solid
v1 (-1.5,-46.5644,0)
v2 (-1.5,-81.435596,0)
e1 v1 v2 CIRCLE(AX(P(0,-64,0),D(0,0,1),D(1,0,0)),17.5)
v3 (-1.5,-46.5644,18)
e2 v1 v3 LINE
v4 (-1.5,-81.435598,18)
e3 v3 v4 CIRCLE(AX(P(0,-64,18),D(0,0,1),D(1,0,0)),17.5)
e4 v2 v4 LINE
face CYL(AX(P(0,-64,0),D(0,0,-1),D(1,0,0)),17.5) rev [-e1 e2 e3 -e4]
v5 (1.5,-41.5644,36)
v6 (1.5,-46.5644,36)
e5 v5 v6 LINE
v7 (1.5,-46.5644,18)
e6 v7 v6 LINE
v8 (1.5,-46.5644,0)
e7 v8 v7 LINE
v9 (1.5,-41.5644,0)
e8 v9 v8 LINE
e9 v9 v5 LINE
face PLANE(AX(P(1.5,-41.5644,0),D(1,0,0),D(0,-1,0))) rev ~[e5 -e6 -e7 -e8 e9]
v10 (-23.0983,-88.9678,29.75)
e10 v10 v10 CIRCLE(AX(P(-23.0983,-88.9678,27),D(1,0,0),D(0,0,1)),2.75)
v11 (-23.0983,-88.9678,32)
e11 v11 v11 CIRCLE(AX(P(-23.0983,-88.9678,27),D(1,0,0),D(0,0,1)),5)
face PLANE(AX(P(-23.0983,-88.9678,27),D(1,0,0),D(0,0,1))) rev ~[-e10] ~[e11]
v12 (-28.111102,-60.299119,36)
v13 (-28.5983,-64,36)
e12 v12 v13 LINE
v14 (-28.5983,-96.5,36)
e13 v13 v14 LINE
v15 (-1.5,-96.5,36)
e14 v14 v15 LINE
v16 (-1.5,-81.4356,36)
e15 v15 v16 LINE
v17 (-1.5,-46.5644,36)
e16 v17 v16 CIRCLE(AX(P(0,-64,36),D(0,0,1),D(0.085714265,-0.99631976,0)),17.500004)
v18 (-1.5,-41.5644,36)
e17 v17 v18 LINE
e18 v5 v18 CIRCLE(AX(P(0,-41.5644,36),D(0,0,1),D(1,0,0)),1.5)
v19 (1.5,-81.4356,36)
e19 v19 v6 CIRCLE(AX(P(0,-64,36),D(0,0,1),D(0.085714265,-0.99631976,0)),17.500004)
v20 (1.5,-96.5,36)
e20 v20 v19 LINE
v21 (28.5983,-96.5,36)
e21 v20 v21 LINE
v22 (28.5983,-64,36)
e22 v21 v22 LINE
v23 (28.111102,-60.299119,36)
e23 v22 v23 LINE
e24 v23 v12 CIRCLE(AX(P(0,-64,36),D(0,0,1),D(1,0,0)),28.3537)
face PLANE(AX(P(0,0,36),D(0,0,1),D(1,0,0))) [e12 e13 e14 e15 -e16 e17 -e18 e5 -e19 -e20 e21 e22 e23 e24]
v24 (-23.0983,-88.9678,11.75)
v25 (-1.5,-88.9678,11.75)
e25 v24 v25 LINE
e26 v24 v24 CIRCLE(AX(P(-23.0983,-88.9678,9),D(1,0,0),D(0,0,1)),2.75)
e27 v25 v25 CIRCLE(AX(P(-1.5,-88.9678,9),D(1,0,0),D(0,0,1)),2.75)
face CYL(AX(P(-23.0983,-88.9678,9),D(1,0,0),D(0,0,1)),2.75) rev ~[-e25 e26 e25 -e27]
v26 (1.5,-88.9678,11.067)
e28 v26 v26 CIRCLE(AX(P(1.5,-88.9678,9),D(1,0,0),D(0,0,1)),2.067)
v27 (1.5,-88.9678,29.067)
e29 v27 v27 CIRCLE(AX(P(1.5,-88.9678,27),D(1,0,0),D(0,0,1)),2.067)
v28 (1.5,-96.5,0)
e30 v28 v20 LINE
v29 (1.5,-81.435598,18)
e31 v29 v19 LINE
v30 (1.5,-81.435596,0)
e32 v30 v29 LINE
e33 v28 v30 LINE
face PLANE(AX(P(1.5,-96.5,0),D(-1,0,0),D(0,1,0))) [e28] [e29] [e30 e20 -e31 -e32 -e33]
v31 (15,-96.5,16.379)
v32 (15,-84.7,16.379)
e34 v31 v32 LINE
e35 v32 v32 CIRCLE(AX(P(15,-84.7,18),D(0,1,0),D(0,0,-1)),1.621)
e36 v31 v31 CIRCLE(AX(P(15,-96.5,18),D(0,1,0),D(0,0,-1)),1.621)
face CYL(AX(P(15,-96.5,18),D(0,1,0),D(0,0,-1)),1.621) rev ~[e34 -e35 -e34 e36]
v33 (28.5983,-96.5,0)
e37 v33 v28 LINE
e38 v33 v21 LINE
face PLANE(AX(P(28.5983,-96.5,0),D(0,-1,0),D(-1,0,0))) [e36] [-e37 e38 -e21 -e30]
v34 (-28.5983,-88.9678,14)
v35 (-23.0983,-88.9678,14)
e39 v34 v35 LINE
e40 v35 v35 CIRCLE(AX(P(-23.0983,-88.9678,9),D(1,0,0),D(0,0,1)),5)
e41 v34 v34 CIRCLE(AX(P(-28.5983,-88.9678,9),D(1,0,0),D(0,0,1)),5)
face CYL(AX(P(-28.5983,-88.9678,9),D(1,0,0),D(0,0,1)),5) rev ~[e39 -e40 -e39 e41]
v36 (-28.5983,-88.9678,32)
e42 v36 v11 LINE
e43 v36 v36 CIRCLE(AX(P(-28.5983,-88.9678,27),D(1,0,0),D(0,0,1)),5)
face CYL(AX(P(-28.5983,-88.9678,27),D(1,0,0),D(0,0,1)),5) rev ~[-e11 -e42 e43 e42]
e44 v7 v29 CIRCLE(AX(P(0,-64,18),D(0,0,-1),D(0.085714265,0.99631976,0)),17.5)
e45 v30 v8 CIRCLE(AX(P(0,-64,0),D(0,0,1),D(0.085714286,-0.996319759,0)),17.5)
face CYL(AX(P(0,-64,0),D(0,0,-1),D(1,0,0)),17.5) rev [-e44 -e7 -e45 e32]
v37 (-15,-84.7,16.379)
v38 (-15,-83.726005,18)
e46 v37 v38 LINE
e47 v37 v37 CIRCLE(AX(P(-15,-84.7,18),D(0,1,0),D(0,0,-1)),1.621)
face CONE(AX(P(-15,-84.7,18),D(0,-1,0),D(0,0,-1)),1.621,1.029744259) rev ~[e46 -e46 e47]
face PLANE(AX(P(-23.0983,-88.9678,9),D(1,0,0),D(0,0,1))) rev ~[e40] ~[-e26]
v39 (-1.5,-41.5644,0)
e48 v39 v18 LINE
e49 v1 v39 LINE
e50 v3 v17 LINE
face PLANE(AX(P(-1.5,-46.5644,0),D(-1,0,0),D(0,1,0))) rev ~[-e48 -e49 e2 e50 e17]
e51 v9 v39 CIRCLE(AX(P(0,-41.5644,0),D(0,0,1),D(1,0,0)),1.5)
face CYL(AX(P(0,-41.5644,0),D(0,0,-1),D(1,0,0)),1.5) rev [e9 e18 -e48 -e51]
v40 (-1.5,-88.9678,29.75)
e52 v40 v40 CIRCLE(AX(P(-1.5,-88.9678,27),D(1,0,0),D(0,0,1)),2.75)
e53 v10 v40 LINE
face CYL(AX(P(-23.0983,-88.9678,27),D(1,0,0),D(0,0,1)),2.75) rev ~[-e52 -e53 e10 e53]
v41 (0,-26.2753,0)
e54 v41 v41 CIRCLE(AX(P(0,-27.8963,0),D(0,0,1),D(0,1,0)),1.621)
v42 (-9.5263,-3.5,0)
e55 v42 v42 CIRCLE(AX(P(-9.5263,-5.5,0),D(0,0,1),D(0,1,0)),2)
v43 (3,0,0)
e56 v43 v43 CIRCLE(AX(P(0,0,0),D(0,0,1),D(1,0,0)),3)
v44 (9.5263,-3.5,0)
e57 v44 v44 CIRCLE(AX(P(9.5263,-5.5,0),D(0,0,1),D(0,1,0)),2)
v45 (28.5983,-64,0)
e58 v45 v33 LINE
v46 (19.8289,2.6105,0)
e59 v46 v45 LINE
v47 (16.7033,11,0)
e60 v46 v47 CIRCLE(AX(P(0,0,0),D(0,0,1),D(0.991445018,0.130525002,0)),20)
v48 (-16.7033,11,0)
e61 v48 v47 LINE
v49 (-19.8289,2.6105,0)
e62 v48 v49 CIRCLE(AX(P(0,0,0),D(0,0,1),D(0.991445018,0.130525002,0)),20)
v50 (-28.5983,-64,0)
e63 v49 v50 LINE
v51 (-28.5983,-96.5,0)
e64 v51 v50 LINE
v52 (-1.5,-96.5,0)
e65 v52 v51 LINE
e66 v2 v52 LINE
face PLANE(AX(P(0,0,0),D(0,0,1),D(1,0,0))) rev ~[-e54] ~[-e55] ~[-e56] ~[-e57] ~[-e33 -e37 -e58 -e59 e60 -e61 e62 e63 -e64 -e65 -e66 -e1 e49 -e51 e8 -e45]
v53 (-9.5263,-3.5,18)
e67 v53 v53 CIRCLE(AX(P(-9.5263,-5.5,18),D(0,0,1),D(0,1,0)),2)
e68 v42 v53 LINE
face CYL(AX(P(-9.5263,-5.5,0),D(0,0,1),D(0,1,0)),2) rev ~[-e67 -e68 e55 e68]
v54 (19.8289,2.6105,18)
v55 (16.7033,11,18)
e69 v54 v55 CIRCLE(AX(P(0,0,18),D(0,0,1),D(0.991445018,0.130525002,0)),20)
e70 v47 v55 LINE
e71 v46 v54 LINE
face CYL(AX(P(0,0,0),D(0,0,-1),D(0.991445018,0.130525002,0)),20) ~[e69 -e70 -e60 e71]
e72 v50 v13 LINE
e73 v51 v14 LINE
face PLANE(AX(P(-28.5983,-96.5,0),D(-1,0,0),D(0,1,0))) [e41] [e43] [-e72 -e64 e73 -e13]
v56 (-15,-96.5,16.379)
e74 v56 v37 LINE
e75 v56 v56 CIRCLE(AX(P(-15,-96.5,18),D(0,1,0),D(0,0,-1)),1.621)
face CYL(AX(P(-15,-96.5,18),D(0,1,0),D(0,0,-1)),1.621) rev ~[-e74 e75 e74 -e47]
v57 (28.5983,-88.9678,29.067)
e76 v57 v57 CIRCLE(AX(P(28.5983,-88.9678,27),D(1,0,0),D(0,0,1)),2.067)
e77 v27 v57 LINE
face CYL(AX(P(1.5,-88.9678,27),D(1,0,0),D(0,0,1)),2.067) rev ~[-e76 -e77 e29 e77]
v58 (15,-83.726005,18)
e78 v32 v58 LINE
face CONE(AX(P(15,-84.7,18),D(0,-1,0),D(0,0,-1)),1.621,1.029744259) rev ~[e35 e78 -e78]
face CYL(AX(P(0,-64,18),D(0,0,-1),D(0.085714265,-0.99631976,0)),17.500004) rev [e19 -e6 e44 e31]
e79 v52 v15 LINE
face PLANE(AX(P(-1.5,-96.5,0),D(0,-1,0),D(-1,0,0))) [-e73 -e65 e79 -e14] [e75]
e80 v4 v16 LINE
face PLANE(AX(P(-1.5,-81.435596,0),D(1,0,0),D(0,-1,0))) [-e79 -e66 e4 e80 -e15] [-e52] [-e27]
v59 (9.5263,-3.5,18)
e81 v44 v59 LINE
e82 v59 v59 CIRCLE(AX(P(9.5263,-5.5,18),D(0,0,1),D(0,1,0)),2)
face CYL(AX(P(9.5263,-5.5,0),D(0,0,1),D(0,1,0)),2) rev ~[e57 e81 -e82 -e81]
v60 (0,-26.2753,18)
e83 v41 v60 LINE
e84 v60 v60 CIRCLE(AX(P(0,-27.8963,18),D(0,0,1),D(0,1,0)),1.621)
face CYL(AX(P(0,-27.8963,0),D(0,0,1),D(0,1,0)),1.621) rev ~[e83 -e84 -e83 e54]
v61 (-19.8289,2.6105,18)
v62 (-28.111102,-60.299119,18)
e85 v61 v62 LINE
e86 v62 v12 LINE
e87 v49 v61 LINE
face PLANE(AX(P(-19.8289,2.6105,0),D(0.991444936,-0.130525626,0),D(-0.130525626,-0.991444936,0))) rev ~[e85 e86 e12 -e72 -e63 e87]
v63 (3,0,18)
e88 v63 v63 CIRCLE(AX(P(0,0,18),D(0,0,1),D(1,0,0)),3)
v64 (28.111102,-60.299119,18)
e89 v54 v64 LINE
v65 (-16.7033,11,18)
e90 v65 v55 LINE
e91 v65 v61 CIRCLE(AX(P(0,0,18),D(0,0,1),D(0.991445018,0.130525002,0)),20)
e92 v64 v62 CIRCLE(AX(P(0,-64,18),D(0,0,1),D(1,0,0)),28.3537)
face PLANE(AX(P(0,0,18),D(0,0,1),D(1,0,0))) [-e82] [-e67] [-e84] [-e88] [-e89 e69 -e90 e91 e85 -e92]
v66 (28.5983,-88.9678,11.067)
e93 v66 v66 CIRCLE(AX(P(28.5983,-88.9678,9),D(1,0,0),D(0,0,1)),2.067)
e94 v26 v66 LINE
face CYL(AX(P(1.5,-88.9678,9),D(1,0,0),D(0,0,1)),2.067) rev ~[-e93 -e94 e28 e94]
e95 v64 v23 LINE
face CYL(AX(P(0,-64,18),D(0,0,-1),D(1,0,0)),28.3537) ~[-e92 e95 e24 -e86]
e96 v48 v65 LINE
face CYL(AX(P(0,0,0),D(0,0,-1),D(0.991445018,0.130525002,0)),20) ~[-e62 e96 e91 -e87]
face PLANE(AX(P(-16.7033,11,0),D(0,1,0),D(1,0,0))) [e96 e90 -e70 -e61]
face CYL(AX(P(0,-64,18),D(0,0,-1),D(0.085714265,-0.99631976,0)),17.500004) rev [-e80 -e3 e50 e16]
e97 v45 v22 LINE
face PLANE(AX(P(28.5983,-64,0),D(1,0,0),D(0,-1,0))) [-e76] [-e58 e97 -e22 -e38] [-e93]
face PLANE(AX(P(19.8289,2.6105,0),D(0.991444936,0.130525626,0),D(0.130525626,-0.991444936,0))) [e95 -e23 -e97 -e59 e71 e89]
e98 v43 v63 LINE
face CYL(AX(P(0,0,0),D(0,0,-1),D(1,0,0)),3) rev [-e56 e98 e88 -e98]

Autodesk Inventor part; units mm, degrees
ref_plane "YZ Plane" through (0, 0, 0) normal (1, 0, 0) x (0, 1, 0)
ref_plane "XZ Plane" through (0, 0, 0) normal (0, 1, 0) x (-1, 0, 0)
ref_plane "XY Plane" through (0, 0, 0) normal (0, 0, 1) x (1, 0, 0)
sketch "Skizze1" plane through (0, 0, 0) normal (0, 0, 1) x (1, 0, 0)
  circle A0 centre (0, 0) radius 20 construction
  line L0 (-19.8289, 2.6105) -> (-28.5983, -64)
  line L1 (19.8289, 2.6105) -> (28.5983, -64)
  circle A1 centre (0, 0) radius 11 construction
  line L2 (0, 0) -> (0, 20) construction
  line L3 (0, 0) -> (0, -96.5) construction
  circle A2 centre (0, -64) radius 17.5
  line L4 (-19.8289, 2.6105) -> (0, 153.226) construction
  line L5 (19.8289, 2.6105) -> (0, 153.226) construction
  circle A3 centre (0, 25) radius 80 construction
  circle A4 centre (0, -64) radius 6 construction
  arc A5 (19.8289, 2.6105) -> (-19.8289, 2.6105) centre (0, 0) ccw
  line L6 (28.5983, -64) -> (28.5983, -96.5)
  line L7 (28.5983, -96.5) -> (-28.5983, -96.5)
  line L8 (-28.5983, -96.5) -> (-28.5983, -64)
  line L9 (0, -64) -> (-28.5983, -64) construction
  line L10 (0, -89) -> (-28.5983, -89) construction
  line L11 (0, -86.5) -> (-28.5983, -86.5) construction
  line L12 (0, -91.5) -> (-28.5983, -91.5) construction
  line L13 (1.5, -64) -> (-1.5, -64)
  line L14 (-1.5, -64) -> (-1.5, -96.5)
  line L15 (-1.5, -96.5) -> (1.5, -96.5)
  line L16 (1.5, -96.5) -> (1.5, -64)
  line L17 (-16.7033, 11) -> (16.7033, 11)
  circle A6 centre (0, 0) radius 3
  line L18 (-1.5, -46.5644) -> (-1.5, -41.5644)
  arc A7 (1.5, -41.5644) -> (-1.5, -41.5644) centre (0, -41.5644) ccw
  line L19 (1.5, -41.5644) -> (1.5, -46.5644)
  line L20 (1.5, -46.5644) -> (-1.5, -46.5644)
  point P0 (0, 11)
  point P1 (-9.5263, -5.5)
  point P2 (9.5263, -5.5)
  point P3 (0, -55)
  point P4 (0, -58)
  point P5 (0, -46.5)
  point P6 (0, -81.5)
  point P7 (-1.5, -81.4356)
  point P8 (1.5, -81.4356)
  point P9 (0, -46.5644)
  dimension "d9" = 22
  dimension "d54" = 160
  dimension "d56" = 12
  dimension "d2" = 360
  dimension "d10" = 40
  dimension "d47" = 25
  dimension "d51" = 3
  dimension "d52" = 15
  dimension "d55" = 35
  dimension "d61" = 5
  dimension "d62" = 2.5
  dimension "d63" = 5
  dimension "d65" = 3
  dimension "d66" = 5
  dimension "d81" = 11
  dimension "d82" = 6
  dimension "d85" = 3
  dimension "d86" = 5
extrude "Extrusion1" add sketch "Skizze1" along normal blind 18 contours A5 L17 L1 L6 L7 L16 A2 L19 A7 L18 L14 L8 L0
hole "Bohrung1" at (-9.5263, -5.5, 0) at (9.5263, -5.5, 0) direction (0, 0, 1) diameter 4 end through all
sketch "Skizze4" plane through (0, 0, 18) normal (0, 0, 1) x (1, 0, 0)
  circle A0 centre (0, -64) radius 28.3537
  line L0 (28.5983, -64) -> (19.8289, 2.6105) projected
  line L1 (-28.5983, -64) -> (-28.5983, -96.5) projected
  line L2 (-19.8289, 2.6105) -> (-28.5983, -64) projected
  line L3 (28.5983, -96.5) -> (28.5983, -64) projected
  line L4 (1.5, -96.5) -> (28.5983, -96.5) projected
  line L5 (-28.5983, -96.5) -> (-1.5, -96.5) projected
  line L6 (-1.5, -96.5) -> (-1.5, -81.4356) projected
  arc A1 (1.5, -81.4356) -> (-1.5, -81.4356) centre (0, -64) ccw projected
  line L7 (1.5, -81.4356) -> (1.5, -96.5) projected
  line L8 (1.5, -96.5) -> (1.5, -81.4356)
  line L9 (-1.5, -46.5644) -> (-1.5, -41.5644) projected
  arc A2 (1.5, -41.5644) -> (-1.5, -41.5644) centre (0, -41.5644) ccw projected
  line L10 (1.5, -41.5644) -> (1.5, -46.5644) projected
  line L11 (1.5, -46.5644) -> (-1.5, -46.5644) projected
  point P0 (0, 0)
  point P1 (28.1111, -60.2991)
  point P2 (-28.1111, -60.2991)
extrude "Extrusion2" add sketch "Skizze4" along normal blind 18 contours A0 L7 A1 L10 A2 L9 L6 | A0 L0 L3 L4 L7 | A0 L6 L5 L1 L2
ref_plane "Arbeitsebene1" through (0, 0, 18) normal (0, 0, 1) x (1, 0, 0)
sketch "Skizze2" plane through (1.5, -96.5, 0) normal (-1, 0, 0) x (0, 0, 1)
  line L0 (0, 15.0644) -> (0, 0) construction
  line L1 (0, 0) -> (36, 0) construction
  line L2 (0, 15.0644) -> (36, 15.0644) construction
  line L3 (0, 0) -> (18, 0) construction
  line L4 (0, 15.0644) -> (18, 0) construction
  line L5 (18, 15.0644) -> (0, 0) construction
  line L6 (36, 15.0644) -> (36, 0) projected
  line L7 (18, 129) -> (18, -21.5) construction
  point P0 (0, 96.5)
  point P1 (9, 7.5322)
  point P2 (27, 7.5322)
hole "Bohrung3" at (1.5, -88.9678, 9) at (1.5, -88.9678, 27) direction (1, 0, 0) diameter 4.134 end through all thread size "M5x0.8" class "6H" standard "ISO Metric profile"
sketch "Skizze3" plane through (-28.5983, -96.5, 0) normal (-1, 0, 0) x (0, 0, 1)
  point P0 (0, 96.5)
  point P1 (9, 7.5322)
  point P2 (27, 7.5322)
hole "Bohrung4" at (-28.5983, -88.9678, 9) at (-28.5983, -88.9678, 27) direction (1, 0, 0) diameter 5.5 depth 27.0983 counterbore diameter 10 counterbore depth 5.5 clearance for "Inbusschraube DIN EN ISO 4762" size "M5" standard "DIN"
sketch "Skizze5" plane through (1.5, -96.5, 0) normal (0, -1, 0) x (1, 0, 0)
  line L0 (38.5377, 27) -> (-41.5377, 27) construction
  line L1 (38.5377, 9) -> (-41.5377, 9) construction
  line L2 (-41.5377, 18) -> (38.5377, 18) construction
  line L3 (-3, 36) -> (0, 36) construction
  line L4 (-1.5, 36) -> (-1.5, 0) construction
  point P0 (13.5, 18)
  point P1 (-16.5, 18)
  dimension "d87" = 15
  dimension "d88" = 30
hole "Bohrung5" at (15, -96.5, 18) at (-15, -96.5, 18) direction (0, 1, 0) diameter 3.242 depth 11.8 tip angle 118 thread size "M4x0.7" class "6H" standard "ISO Metric profile"
sketch "Skizze6" plane through (0, 0, 0) normal (0, 0, -1) x (-1, 0, 0)
  arc A0 (28.1111, -60.2991) -> (-28.1111, -60.2991) centre (0, -64) ccw construction
  line L0 (0, 0) -> (0, -96.5) construction
  circle A1 centre (0, 0) radius 20 construction
  point P0 (0, -27.8963)
  point P1 (0, -20)
  point P2 (0, -35.6463)
  dimension "d96" = 15.6463
  dimension "d97" = 7.75
hole "Bohrung6" at (0, -27.8963, 0) direction (0, 0, 1) diameter 3.242 end through all thread size "M4x0.7" class "6H" standard "ISO Metric profile"
equation "\"d9\" = FixationHole_Dia"
equation "\"d10\" = MotrGC_Part_OuterDia"
equation "\"d47\" = SmallCapston_Offset"
equation "\"FixationHole_Dia\" = 22"
equation "\"MotrGC_Part_OuterDia\" = 40"
equation "\"SmallCapston_Offset\" = 25"
properties part number "GC_Motor_Aussenscheibe" material "PBT-Kunststoff"
